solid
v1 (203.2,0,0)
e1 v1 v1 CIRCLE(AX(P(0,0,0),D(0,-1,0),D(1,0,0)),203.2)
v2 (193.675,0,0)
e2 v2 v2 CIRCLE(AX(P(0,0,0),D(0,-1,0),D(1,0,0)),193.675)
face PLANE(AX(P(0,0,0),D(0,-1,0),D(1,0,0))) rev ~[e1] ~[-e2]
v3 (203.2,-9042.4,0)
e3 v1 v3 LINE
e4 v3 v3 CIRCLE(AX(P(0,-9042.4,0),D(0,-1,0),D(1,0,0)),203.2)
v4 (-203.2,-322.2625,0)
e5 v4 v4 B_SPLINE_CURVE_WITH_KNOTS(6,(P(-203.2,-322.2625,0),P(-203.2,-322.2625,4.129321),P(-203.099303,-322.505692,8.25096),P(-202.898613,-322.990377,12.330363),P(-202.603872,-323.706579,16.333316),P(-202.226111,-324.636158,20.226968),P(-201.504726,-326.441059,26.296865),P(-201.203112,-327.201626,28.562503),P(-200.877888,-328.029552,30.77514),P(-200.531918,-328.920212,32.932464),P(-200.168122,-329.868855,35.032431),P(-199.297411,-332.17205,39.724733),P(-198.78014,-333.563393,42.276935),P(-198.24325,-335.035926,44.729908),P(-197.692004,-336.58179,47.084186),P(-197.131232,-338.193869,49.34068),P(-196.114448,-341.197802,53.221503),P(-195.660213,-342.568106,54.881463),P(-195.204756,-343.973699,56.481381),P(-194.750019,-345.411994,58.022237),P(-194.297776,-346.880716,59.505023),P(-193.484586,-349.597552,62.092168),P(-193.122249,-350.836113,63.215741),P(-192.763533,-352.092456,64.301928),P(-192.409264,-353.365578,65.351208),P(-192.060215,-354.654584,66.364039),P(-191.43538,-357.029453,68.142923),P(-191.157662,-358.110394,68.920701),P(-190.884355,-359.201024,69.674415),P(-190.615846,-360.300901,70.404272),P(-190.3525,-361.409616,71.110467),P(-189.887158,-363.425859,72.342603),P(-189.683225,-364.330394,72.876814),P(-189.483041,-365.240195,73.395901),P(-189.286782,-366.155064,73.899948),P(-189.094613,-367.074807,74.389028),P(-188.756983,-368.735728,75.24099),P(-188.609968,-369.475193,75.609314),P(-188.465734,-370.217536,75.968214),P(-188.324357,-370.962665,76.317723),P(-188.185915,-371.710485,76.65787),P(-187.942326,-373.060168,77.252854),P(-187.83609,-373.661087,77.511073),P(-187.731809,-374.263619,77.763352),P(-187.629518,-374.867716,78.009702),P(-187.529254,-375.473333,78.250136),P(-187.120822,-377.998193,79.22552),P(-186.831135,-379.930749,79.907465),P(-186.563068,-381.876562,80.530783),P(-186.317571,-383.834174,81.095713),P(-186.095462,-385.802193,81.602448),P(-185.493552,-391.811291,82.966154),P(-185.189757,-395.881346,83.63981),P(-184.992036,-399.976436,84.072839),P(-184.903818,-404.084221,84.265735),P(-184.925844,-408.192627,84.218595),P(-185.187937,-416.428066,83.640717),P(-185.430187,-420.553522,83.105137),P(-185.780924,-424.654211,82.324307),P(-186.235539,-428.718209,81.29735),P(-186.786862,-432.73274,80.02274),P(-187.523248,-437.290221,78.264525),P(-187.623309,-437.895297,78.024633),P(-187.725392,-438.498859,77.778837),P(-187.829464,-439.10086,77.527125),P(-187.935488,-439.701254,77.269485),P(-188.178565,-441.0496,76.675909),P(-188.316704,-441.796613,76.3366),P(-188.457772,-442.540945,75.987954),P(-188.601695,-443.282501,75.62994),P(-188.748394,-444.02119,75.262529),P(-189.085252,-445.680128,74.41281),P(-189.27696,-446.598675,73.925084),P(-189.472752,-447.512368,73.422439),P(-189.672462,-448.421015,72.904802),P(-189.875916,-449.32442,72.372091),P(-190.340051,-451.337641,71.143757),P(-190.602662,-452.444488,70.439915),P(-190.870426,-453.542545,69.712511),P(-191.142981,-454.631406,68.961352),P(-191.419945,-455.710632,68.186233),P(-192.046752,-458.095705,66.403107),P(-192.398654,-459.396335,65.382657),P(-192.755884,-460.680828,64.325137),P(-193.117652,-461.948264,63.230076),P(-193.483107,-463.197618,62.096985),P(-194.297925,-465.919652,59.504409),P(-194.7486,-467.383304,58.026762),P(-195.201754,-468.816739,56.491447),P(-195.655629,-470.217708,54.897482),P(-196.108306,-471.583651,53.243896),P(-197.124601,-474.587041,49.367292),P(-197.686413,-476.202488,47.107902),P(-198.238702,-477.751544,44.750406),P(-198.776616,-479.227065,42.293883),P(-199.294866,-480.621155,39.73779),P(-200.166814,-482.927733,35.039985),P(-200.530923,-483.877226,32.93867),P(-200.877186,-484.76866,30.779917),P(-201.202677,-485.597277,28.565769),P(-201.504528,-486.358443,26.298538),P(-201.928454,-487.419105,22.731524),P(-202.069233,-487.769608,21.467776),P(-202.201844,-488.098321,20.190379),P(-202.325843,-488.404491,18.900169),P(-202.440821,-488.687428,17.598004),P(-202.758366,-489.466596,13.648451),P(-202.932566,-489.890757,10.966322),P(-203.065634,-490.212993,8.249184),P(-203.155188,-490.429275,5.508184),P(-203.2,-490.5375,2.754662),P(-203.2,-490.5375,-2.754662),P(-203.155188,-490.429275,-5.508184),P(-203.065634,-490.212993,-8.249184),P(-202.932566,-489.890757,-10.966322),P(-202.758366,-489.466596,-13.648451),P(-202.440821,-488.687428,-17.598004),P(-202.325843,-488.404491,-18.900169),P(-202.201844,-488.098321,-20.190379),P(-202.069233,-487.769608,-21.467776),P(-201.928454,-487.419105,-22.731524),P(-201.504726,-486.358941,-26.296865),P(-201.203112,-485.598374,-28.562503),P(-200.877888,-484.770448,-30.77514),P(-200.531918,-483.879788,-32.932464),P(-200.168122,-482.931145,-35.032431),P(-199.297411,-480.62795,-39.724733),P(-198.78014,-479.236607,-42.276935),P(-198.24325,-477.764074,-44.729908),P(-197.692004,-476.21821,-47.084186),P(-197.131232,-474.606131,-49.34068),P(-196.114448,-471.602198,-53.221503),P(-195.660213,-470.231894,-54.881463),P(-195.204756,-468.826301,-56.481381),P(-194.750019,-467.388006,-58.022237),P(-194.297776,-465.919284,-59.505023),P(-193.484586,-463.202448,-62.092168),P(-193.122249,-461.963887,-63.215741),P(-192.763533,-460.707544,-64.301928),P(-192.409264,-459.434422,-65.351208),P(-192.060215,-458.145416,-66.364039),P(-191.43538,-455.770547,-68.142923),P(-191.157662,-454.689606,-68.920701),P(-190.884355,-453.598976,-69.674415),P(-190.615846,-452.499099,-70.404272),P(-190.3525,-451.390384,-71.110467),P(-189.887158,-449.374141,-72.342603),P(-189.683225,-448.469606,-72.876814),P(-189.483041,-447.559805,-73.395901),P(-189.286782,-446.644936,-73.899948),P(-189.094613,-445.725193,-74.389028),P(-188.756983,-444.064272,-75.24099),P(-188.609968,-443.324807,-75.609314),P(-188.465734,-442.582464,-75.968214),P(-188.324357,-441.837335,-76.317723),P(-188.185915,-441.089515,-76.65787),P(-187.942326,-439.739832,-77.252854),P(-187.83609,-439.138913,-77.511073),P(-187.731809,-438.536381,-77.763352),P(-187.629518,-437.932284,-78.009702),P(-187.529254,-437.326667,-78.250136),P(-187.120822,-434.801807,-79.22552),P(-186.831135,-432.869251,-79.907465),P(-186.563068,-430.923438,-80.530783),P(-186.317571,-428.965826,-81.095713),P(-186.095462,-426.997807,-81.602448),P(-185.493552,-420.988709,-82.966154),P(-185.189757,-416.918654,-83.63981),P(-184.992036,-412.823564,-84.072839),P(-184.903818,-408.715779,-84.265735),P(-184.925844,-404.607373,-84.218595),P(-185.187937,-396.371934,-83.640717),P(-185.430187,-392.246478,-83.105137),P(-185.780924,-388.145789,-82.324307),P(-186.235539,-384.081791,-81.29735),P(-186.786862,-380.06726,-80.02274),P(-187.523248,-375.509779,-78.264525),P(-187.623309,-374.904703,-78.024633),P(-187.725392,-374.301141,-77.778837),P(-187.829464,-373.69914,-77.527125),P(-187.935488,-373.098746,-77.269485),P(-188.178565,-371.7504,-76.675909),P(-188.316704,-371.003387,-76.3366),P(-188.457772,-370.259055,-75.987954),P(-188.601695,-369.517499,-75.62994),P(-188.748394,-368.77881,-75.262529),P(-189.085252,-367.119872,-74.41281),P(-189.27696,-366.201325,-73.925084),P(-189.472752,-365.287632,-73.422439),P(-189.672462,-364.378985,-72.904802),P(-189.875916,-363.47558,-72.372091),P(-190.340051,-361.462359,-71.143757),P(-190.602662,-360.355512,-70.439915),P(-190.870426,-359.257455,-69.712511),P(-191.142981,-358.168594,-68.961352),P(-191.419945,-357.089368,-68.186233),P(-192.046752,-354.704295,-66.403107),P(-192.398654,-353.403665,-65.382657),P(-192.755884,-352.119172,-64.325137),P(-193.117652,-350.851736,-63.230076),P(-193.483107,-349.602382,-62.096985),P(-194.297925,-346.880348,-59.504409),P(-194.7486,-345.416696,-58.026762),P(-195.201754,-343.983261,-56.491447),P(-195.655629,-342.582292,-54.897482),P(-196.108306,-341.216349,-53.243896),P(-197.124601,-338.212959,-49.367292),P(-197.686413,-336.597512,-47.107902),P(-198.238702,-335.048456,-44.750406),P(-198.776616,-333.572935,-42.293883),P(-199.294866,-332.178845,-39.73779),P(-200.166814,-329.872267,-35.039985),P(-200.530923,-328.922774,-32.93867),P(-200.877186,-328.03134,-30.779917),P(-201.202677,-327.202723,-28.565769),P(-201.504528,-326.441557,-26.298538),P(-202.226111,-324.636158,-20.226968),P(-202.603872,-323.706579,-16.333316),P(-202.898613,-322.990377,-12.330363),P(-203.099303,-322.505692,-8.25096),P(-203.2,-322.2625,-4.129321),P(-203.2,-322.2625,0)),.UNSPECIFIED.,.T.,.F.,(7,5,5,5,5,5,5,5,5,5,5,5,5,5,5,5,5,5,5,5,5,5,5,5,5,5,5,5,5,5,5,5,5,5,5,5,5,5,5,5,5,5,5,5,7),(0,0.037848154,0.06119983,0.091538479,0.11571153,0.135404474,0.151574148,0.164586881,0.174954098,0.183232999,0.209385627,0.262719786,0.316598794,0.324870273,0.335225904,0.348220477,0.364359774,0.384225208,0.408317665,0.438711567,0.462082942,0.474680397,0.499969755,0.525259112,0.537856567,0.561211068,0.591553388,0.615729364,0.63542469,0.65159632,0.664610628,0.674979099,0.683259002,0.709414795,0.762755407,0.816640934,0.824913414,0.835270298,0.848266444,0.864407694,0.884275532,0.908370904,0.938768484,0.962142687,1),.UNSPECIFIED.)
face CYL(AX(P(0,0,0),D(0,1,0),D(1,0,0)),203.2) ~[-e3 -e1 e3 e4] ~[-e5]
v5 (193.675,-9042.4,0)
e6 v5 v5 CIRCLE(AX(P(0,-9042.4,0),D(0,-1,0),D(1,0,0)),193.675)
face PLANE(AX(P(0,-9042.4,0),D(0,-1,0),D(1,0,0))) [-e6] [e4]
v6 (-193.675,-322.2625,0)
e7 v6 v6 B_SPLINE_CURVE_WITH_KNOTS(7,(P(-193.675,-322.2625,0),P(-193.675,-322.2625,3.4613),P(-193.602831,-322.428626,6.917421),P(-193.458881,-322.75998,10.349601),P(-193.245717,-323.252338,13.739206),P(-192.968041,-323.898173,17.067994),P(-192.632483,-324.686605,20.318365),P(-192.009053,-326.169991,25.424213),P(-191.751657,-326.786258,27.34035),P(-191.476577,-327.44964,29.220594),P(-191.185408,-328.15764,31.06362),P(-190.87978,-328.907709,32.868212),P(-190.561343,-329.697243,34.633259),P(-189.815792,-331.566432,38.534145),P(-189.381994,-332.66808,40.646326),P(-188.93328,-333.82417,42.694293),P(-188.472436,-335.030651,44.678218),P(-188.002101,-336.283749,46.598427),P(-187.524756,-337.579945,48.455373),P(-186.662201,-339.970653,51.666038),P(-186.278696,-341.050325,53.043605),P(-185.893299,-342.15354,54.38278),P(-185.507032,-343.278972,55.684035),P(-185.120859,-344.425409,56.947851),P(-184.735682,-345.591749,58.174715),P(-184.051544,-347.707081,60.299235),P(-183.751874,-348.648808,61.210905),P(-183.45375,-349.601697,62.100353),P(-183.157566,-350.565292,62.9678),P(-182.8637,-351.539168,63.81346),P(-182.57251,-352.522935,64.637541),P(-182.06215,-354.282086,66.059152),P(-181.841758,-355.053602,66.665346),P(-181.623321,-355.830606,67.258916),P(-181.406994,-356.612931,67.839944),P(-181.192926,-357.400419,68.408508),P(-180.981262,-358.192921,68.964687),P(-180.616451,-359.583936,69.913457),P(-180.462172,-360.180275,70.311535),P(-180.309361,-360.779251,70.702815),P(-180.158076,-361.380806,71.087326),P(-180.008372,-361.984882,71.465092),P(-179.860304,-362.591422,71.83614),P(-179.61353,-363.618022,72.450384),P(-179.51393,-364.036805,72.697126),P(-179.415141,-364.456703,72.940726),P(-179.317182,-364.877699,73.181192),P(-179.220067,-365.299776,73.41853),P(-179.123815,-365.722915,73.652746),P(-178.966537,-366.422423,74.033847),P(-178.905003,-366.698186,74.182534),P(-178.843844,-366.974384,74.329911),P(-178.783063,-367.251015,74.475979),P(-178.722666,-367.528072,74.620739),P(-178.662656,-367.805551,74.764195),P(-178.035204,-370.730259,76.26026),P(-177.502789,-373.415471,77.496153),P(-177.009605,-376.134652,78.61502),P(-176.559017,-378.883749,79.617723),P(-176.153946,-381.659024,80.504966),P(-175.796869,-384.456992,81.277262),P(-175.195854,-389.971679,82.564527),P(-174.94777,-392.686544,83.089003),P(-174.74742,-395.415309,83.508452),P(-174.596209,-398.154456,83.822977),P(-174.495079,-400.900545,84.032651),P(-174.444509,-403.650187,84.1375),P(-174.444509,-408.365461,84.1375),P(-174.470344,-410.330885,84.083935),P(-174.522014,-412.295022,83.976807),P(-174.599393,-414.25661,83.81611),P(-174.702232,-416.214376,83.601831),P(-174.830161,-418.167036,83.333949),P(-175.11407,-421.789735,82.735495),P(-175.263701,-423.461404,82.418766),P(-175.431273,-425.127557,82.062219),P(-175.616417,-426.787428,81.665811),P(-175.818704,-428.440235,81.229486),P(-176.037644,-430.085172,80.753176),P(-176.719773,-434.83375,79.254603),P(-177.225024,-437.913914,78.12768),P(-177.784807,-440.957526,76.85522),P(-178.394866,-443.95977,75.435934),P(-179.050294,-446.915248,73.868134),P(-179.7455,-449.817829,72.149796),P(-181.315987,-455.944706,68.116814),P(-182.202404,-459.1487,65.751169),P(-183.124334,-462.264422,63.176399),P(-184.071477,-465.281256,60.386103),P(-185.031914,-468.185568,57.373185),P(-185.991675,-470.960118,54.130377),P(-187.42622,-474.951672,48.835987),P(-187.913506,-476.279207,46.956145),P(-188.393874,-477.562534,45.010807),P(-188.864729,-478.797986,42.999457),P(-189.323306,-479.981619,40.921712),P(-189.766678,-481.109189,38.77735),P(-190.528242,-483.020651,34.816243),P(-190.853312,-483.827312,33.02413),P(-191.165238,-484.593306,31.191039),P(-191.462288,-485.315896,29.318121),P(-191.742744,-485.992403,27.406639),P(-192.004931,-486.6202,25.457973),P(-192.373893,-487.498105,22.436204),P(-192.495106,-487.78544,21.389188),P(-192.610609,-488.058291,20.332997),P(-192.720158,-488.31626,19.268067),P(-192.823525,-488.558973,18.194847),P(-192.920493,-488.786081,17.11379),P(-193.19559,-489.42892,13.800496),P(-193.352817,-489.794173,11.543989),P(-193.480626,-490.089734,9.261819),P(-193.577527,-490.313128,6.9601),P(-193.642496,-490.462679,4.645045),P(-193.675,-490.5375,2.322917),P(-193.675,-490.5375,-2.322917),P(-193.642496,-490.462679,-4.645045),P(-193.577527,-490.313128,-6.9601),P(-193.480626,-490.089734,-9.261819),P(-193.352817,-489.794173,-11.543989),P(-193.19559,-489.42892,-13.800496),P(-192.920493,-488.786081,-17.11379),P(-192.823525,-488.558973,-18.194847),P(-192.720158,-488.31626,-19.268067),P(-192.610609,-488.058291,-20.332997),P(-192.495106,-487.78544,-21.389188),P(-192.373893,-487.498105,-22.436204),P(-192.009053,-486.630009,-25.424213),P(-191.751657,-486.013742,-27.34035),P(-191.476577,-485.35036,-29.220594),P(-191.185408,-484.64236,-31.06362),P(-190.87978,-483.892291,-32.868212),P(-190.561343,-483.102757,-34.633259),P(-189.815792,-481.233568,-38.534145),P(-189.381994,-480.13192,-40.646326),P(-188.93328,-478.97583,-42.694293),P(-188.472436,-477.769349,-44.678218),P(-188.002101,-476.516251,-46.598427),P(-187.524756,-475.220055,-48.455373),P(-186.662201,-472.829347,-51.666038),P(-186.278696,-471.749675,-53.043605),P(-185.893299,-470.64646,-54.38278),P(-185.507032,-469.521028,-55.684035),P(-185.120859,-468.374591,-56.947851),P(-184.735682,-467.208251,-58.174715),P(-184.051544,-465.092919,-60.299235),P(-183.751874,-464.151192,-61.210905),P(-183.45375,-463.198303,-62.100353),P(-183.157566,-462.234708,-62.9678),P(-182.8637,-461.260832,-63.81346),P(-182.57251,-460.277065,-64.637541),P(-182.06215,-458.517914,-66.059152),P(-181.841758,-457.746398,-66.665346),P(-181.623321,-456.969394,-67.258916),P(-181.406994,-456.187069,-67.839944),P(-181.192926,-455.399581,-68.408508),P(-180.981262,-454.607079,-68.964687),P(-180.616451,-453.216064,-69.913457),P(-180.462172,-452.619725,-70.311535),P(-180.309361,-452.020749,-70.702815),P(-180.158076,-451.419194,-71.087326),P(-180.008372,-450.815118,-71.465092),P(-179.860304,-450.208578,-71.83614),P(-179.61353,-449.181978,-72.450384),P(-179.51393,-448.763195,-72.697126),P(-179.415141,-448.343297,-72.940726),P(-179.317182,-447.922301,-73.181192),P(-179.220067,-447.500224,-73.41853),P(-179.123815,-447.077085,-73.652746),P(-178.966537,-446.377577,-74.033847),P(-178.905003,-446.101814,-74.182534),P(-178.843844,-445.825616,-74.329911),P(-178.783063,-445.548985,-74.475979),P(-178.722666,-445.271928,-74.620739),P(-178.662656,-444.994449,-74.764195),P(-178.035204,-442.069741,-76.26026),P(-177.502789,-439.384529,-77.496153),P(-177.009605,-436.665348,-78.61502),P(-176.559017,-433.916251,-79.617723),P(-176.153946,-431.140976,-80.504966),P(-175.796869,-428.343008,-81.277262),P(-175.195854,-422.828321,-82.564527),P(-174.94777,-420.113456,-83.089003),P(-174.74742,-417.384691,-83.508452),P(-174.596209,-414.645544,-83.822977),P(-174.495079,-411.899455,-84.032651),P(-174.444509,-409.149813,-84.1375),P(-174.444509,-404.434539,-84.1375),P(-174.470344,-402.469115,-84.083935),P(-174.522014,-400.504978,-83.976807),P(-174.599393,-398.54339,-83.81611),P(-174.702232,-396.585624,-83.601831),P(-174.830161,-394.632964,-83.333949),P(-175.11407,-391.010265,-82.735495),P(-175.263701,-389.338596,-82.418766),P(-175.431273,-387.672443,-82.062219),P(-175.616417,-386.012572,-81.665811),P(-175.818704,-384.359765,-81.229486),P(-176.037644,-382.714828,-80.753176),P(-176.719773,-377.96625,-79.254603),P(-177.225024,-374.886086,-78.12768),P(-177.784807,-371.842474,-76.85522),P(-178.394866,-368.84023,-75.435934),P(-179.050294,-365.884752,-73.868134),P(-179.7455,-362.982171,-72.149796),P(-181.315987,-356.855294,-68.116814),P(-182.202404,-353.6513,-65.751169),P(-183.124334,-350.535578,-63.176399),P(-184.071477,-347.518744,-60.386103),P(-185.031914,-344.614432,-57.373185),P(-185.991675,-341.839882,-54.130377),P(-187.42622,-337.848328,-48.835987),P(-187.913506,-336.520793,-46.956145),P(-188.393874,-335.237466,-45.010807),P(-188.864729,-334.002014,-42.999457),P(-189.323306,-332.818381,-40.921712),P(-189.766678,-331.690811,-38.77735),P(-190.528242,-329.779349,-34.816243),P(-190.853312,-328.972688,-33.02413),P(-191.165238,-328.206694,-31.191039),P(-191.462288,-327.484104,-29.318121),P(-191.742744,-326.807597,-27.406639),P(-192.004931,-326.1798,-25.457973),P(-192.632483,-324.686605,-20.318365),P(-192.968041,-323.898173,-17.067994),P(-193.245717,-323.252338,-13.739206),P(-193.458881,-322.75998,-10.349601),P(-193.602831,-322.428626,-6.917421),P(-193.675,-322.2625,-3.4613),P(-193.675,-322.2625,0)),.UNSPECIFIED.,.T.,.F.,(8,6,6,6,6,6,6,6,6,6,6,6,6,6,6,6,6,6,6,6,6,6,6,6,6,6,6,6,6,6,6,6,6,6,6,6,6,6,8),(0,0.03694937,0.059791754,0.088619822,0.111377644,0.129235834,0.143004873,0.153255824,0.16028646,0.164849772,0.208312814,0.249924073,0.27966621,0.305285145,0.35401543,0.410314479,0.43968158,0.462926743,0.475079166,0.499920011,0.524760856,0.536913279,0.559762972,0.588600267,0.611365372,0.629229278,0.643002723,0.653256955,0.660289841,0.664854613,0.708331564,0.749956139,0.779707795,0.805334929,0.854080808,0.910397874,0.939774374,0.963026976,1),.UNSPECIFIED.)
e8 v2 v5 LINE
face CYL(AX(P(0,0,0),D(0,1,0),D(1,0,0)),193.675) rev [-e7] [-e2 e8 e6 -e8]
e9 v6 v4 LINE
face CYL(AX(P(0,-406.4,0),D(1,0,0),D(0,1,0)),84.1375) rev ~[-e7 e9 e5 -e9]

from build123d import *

# Parameters (mm, degrees)
F0_R     = 203.2
F0_R_2   = 193.675
F1_DEPTH = 9042.4
F2_R     = 84.1375
F3_DEPTH = 254


with BuildPart() as f1:
    # F0 (on Front) → F1 (new body)
    with BuildSketch(Plane.XZ):
        Circle(F0_R)
        Circle(F0_R_2, mode=Mode.SUBTRACT)
    extrude(amount=F1_DEPTH)

    # F2 (on Right) → F3 (cut)
    with BuildSketch(Plane.YZ):
        with Locations((-406.4, 0)):
            Circle(F2_R)
    extrude(amount=-F3_DEPTH, mode=Mode.SUBTRACT)


solid = f1.part
